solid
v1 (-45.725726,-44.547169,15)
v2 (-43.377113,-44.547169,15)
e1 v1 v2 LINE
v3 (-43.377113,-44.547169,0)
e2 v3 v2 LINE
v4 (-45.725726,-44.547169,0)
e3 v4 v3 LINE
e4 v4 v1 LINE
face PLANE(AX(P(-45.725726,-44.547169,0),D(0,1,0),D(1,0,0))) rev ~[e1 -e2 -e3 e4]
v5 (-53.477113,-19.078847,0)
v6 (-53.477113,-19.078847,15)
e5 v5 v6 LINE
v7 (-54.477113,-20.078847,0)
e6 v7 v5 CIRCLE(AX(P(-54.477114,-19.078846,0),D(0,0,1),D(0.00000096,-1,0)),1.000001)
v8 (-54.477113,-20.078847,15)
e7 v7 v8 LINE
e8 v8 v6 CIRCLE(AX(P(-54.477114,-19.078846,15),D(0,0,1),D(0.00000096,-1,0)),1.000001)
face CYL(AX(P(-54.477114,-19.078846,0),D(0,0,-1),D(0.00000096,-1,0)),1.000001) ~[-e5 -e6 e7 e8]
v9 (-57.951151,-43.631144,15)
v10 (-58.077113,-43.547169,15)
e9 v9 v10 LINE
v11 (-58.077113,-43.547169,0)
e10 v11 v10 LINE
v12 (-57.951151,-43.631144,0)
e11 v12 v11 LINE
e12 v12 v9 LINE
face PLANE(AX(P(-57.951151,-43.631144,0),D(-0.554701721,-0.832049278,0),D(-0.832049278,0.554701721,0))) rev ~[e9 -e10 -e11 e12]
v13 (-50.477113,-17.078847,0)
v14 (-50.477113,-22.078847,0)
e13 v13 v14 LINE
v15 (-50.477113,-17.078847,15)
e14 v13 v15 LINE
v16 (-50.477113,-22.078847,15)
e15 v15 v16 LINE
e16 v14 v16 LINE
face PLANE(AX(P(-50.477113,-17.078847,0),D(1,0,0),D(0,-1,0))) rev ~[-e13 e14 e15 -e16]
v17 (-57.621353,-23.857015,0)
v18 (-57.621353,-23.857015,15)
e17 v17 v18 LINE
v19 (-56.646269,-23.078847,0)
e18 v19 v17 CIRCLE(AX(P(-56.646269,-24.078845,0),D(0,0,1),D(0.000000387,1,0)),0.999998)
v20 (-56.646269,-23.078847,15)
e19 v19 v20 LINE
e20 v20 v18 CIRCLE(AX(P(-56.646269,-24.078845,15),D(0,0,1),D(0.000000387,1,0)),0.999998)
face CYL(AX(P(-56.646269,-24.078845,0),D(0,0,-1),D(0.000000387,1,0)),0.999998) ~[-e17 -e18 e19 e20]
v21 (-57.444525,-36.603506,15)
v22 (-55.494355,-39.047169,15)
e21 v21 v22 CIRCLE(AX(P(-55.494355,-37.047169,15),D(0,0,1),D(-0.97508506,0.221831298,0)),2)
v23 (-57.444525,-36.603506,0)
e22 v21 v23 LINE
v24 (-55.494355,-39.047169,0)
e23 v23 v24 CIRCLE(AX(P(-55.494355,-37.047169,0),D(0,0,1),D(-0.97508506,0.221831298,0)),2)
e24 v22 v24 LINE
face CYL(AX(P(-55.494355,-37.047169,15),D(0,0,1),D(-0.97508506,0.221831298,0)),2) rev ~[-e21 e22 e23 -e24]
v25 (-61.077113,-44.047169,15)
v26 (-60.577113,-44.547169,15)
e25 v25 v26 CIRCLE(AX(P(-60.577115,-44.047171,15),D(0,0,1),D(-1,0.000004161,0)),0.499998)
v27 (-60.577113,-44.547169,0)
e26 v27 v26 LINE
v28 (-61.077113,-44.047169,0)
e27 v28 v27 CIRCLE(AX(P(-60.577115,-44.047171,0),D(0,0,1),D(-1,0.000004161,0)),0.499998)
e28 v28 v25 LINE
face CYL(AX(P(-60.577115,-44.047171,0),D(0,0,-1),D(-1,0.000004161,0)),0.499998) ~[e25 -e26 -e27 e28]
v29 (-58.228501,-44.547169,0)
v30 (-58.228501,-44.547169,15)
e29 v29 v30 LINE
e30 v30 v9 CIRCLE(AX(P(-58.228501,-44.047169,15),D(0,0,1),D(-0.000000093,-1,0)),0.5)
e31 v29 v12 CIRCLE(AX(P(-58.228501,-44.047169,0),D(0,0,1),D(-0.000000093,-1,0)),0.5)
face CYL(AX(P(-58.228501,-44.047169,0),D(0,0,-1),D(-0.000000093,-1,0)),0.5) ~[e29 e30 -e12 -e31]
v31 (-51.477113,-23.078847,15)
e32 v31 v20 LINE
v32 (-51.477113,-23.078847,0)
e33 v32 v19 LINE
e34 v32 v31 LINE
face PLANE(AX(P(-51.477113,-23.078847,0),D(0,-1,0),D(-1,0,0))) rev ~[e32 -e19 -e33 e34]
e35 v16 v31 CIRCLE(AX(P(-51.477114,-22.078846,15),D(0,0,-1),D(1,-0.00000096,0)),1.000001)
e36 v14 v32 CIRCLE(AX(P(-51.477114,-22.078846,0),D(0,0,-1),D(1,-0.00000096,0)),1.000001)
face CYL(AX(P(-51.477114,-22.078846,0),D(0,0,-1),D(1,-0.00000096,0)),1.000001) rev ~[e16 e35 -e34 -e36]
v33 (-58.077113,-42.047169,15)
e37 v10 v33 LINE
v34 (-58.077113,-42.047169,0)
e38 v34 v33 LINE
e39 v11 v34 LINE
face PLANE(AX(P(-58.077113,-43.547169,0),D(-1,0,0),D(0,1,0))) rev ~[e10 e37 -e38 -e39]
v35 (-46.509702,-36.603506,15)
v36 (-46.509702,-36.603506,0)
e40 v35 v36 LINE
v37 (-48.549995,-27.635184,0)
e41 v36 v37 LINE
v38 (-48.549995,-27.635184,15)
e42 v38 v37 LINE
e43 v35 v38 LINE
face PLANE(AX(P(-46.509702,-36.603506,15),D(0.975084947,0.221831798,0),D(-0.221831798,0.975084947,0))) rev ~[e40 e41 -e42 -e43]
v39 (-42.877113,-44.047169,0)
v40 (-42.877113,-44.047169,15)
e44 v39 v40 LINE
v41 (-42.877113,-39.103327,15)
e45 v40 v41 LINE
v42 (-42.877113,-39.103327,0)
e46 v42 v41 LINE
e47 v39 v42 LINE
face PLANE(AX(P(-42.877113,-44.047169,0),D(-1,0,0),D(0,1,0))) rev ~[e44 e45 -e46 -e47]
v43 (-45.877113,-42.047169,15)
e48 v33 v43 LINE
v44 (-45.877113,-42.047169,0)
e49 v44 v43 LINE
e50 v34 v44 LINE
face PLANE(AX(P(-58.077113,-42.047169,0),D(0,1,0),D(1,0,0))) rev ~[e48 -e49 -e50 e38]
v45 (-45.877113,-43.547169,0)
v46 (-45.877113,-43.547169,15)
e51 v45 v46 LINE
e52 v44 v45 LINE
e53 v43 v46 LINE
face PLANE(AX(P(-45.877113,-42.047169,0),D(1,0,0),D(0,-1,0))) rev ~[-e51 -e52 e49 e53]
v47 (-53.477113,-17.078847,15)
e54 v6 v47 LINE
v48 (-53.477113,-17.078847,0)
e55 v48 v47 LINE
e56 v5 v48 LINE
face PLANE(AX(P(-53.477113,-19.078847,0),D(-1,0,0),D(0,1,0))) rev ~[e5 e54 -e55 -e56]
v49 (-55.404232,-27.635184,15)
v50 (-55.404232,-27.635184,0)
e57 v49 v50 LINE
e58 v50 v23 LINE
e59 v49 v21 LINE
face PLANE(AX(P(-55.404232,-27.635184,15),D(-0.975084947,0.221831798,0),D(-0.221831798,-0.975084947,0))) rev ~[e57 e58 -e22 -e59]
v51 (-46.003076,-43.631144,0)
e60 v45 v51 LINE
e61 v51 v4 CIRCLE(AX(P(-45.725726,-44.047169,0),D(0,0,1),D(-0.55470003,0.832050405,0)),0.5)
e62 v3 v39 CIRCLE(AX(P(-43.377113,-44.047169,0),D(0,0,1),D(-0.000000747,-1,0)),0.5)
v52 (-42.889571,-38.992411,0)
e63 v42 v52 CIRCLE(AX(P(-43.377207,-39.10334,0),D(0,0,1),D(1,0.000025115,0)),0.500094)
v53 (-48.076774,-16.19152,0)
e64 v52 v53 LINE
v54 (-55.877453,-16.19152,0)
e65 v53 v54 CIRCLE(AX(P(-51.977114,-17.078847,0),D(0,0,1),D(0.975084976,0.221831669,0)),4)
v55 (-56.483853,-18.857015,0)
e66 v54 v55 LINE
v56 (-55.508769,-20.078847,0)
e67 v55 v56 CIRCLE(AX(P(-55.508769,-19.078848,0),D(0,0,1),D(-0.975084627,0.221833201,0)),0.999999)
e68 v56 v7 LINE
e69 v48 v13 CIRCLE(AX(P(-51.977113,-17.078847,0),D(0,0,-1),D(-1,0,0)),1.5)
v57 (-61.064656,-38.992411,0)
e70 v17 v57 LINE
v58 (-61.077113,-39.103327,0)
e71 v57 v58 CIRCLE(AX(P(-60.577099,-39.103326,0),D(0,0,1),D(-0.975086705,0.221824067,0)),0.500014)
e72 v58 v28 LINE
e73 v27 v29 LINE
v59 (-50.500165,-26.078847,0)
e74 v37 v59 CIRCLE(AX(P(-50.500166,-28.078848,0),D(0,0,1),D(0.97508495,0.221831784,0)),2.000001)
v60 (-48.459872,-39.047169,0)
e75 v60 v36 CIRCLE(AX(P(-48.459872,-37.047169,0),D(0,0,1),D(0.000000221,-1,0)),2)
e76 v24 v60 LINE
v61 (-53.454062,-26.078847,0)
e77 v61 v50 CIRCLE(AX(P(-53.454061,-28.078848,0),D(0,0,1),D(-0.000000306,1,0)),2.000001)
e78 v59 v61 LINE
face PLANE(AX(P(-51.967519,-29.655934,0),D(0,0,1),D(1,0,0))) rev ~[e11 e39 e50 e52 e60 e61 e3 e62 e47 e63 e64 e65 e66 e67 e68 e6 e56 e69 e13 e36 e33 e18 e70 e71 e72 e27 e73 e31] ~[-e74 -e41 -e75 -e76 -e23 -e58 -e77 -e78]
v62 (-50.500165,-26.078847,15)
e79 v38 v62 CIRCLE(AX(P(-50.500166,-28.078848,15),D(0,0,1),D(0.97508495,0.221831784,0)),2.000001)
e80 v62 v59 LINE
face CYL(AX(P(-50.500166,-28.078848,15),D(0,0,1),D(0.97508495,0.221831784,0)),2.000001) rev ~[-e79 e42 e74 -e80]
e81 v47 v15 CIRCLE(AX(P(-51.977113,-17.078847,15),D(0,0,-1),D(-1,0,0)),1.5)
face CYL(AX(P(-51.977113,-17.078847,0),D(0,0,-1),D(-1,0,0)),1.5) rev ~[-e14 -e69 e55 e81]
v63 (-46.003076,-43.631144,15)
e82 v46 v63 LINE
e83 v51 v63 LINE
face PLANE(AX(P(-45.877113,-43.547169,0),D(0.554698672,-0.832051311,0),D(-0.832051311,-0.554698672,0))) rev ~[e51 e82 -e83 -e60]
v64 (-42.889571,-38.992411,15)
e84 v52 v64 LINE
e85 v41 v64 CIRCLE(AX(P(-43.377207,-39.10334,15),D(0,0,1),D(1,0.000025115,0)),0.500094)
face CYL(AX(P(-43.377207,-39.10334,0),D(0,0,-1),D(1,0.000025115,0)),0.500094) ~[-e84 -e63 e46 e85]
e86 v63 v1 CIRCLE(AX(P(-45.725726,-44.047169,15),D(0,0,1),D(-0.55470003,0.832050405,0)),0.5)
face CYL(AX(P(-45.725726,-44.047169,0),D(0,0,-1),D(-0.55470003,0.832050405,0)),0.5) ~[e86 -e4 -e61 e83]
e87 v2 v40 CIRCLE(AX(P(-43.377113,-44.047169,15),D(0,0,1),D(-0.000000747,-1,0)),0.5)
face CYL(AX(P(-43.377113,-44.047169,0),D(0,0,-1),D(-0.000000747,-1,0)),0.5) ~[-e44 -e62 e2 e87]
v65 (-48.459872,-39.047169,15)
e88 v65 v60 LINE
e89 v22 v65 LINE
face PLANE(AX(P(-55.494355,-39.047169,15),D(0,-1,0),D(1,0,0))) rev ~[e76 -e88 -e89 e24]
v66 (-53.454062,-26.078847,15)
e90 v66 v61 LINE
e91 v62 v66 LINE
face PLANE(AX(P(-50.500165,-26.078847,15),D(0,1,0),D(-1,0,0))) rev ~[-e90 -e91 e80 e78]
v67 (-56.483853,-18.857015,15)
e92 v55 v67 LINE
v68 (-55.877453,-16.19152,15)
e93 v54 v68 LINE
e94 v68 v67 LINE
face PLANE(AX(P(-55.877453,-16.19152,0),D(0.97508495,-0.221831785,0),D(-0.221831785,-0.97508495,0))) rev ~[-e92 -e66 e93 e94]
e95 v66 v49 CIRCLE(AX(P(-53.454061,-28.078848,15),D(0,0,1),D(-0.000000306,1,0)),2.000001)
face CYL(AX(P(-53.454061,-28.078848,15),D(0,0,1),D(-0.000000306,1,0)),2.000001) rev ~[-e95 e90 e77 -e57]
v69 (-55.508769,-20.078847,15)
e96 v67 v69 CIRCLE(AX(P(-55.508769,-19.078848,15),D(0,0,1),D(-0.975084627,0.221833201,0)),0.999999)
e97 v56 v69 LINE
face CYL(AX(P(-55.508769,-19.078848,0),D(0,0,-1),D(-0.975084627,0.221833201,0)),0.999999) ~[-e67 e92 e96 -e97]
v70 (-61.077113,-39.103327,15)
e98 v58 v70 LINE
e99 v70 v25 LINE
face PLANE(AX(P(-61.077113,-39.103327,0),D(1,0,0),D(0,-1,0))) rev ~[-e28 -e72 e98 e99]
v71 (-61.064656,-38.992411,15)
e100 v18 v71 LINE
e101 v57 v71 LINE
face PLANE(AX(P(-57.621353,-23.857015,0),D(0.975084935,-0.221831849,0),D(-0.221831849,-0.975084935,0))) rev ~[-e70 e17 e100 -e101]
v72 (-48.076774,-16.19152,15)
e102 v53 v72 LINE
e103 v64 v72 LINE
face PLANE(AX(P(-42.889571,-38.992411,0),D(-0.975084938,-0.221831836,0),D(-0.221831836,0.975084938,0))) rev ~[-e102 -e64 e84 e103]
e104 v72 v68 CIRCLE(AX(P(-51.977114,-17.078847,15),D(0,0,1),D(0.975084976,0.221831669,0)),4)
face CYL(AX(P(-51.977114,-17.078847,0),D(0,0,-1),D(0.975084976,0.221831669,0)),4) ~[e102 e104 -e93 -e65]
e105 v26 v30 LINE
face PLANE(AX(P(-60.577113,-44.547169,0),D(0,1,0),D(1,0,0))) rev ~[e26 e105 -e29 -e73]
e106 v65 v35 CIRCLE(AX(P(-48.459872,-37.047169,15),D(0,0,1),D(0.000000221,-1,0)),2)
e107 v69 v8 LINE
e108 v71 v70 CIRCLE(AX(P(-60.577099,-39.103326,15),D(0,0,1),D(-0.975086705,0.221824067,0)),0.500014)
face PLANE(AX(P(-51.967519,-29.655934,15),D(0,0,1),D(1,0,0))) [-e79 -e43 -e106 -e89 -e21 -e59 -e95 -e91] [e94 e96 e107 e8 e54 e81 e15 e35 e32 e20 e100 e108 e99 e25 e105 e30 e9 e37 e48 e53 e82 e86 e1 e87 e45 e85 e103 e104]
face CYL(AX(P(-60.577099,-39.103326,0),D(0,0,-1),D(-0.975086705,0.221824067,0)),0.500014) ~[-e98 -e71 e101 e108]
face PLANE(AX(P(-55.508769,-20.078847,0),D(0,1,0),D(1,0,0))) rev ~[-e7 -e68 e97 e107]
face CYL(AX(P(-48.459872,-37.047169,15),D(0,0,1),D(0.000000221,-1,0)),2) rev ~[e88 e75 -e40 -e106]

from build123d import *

# Parameters (mm, degrees)
F1_DEPTH = 15
F3_DEPTH = 25


with BuildPart() as f1:
    # F0 (on Top) → F1 (new body)
    with BuildSketch(Plane.XY):
        with BuildLine():
            Line((-58.077113, -42.047169), (-51.977113, -42.047169))
            Line((-51.977113, -42.047169), (-45.877113, -42.047169))
            Line((-45.877113, -42.047169), (-45.877113, -43.279577))
            Line((-45.877113, -43.279577), (-45.877113, -43.547169))
            Line((-45.877113, -43.547169), (-46.003076, -43.631144))
            ThreePointArc((-46.003076, -43.631144), (-46.204272, -44.192061), (-45.725726, -44.547169))
            Line((-45.725726, -44.547169), (-43.377113, -44.547169))
            ThreePointArc((-43.377113, -44.547169), (-43.02356, -44.400723), (-42.877113, -44.047169))
            Line((-42.877113, -44.047169), (-42.877113, -39.103327))
            ThreePointArc((-42.877113, -39.103327), (-42.880238, -39.04752), (-42.889571, -38.992411))
            Line((-42.889571, -38.992411), (-48.076774, -16.19152))
            ThreePointArc((-48.076774, -16.19152), (-51.977113, -13.078847), (-55.877453, -16.19152))
            Line((-55.877453, -16.19152), (-56.483853, -18.857015))
            ThreePointArc((-56.483853, -18.857015), (-56.29038, -19.702613), (-55.508769, -20.078847))
            Line((-55.508769, -20.078847), (-54.477113, -20.078847))
            ThreePointArc((-54.477113, -20.078847), (-53.770007, -19.785954), (-53.477113, -19.078847))
            Line((-53.477113, -19.078847), (-53.477113, -17.078847))
            ThreePointArc((-53.477113, -17.078847), (-51.977113, -15.578847), (-50.477113, -17.078847))
            Line((-50.477113, -17.078847), (-50.477113, -20.078847))
            Line((-50.477113, -20.078847), (-50.477113, -22.078847))
            ThreePointArc((-50.477113, -22.078847), (-50.770007, -22.785954), (-51.477113, -23.078847))
            Line((-51.477113, -23.078847), (-56.646269, -23.078847))
            ThreePointArc((-56.646269, -23.078847), (-57.270035, -23.297236), (-57.621353, -23.857015))
            Line((-57.621353, -23.857015), (-61.064656, -38.992411))
            ThreePointArc((-61.064656, -38.992411), (-61.073989, -39.04752), (-61.077113, -39.103327))
            Line((-61.077113, -39.103327), (-61.077113, -44.047169))
            ThreePointArc((-61.077113, -44.047169), (-60.930667, -44.400723), (-60.577113, -44.547169))
            Line((-60.577113, -44.547169), (-58.228501, -44.547169))
            ThreePointArc((-58.228501, -44.547169), (-57.749955, -44.192061), (-57.951151, -43.631144))
            Line((-57.951151, -43.631144), (-58.077113, -43.547169))
            Line((-58.077113, -43.547169), (-58.077113, -43.279577))
            Line((-58.077113, -43.279577), (-58.077113, -42.047169))
        make_face()
    extrude(amount=F1_DEPTH)

    # F2 (on face) → F3 (cut)
    with BuildSketch(Plane.XY.offset(15)):
        with BuildLine():
            ThreePointArc((-53.454062, -26.078847), (-54.701594, -26.515625), (-55.404232, -27.635184))
            Line((-55.404232, -27.635184), (-57.444525, -36.603506))
            ThreePointArc((-57.444525, -36.603506), (-57.057577, -38.294701), (-55.494355, -39.047169))
            Line((-55.494355, -39.047169), (-48.459872, -39.047169))
            ThreePointArc((-48.459872, -39.047169), (-46.89665, -38.294701), (-46.509702, -36.603506))
            Line((-46.509702, -36.603506), (-48.549995, -27.635184))
            ThreePointArc((-48.549995, -27.635184), (-49.252633, -26.515625), (-50.500165, -26.078847))
            Line((-50.500165, -26.078847), (-53.454062, -26.078847))
        make_face()
    extrude(amount=-F3_DEPTH, mode=Mode.SUBTRACT)


solid = f1.part
